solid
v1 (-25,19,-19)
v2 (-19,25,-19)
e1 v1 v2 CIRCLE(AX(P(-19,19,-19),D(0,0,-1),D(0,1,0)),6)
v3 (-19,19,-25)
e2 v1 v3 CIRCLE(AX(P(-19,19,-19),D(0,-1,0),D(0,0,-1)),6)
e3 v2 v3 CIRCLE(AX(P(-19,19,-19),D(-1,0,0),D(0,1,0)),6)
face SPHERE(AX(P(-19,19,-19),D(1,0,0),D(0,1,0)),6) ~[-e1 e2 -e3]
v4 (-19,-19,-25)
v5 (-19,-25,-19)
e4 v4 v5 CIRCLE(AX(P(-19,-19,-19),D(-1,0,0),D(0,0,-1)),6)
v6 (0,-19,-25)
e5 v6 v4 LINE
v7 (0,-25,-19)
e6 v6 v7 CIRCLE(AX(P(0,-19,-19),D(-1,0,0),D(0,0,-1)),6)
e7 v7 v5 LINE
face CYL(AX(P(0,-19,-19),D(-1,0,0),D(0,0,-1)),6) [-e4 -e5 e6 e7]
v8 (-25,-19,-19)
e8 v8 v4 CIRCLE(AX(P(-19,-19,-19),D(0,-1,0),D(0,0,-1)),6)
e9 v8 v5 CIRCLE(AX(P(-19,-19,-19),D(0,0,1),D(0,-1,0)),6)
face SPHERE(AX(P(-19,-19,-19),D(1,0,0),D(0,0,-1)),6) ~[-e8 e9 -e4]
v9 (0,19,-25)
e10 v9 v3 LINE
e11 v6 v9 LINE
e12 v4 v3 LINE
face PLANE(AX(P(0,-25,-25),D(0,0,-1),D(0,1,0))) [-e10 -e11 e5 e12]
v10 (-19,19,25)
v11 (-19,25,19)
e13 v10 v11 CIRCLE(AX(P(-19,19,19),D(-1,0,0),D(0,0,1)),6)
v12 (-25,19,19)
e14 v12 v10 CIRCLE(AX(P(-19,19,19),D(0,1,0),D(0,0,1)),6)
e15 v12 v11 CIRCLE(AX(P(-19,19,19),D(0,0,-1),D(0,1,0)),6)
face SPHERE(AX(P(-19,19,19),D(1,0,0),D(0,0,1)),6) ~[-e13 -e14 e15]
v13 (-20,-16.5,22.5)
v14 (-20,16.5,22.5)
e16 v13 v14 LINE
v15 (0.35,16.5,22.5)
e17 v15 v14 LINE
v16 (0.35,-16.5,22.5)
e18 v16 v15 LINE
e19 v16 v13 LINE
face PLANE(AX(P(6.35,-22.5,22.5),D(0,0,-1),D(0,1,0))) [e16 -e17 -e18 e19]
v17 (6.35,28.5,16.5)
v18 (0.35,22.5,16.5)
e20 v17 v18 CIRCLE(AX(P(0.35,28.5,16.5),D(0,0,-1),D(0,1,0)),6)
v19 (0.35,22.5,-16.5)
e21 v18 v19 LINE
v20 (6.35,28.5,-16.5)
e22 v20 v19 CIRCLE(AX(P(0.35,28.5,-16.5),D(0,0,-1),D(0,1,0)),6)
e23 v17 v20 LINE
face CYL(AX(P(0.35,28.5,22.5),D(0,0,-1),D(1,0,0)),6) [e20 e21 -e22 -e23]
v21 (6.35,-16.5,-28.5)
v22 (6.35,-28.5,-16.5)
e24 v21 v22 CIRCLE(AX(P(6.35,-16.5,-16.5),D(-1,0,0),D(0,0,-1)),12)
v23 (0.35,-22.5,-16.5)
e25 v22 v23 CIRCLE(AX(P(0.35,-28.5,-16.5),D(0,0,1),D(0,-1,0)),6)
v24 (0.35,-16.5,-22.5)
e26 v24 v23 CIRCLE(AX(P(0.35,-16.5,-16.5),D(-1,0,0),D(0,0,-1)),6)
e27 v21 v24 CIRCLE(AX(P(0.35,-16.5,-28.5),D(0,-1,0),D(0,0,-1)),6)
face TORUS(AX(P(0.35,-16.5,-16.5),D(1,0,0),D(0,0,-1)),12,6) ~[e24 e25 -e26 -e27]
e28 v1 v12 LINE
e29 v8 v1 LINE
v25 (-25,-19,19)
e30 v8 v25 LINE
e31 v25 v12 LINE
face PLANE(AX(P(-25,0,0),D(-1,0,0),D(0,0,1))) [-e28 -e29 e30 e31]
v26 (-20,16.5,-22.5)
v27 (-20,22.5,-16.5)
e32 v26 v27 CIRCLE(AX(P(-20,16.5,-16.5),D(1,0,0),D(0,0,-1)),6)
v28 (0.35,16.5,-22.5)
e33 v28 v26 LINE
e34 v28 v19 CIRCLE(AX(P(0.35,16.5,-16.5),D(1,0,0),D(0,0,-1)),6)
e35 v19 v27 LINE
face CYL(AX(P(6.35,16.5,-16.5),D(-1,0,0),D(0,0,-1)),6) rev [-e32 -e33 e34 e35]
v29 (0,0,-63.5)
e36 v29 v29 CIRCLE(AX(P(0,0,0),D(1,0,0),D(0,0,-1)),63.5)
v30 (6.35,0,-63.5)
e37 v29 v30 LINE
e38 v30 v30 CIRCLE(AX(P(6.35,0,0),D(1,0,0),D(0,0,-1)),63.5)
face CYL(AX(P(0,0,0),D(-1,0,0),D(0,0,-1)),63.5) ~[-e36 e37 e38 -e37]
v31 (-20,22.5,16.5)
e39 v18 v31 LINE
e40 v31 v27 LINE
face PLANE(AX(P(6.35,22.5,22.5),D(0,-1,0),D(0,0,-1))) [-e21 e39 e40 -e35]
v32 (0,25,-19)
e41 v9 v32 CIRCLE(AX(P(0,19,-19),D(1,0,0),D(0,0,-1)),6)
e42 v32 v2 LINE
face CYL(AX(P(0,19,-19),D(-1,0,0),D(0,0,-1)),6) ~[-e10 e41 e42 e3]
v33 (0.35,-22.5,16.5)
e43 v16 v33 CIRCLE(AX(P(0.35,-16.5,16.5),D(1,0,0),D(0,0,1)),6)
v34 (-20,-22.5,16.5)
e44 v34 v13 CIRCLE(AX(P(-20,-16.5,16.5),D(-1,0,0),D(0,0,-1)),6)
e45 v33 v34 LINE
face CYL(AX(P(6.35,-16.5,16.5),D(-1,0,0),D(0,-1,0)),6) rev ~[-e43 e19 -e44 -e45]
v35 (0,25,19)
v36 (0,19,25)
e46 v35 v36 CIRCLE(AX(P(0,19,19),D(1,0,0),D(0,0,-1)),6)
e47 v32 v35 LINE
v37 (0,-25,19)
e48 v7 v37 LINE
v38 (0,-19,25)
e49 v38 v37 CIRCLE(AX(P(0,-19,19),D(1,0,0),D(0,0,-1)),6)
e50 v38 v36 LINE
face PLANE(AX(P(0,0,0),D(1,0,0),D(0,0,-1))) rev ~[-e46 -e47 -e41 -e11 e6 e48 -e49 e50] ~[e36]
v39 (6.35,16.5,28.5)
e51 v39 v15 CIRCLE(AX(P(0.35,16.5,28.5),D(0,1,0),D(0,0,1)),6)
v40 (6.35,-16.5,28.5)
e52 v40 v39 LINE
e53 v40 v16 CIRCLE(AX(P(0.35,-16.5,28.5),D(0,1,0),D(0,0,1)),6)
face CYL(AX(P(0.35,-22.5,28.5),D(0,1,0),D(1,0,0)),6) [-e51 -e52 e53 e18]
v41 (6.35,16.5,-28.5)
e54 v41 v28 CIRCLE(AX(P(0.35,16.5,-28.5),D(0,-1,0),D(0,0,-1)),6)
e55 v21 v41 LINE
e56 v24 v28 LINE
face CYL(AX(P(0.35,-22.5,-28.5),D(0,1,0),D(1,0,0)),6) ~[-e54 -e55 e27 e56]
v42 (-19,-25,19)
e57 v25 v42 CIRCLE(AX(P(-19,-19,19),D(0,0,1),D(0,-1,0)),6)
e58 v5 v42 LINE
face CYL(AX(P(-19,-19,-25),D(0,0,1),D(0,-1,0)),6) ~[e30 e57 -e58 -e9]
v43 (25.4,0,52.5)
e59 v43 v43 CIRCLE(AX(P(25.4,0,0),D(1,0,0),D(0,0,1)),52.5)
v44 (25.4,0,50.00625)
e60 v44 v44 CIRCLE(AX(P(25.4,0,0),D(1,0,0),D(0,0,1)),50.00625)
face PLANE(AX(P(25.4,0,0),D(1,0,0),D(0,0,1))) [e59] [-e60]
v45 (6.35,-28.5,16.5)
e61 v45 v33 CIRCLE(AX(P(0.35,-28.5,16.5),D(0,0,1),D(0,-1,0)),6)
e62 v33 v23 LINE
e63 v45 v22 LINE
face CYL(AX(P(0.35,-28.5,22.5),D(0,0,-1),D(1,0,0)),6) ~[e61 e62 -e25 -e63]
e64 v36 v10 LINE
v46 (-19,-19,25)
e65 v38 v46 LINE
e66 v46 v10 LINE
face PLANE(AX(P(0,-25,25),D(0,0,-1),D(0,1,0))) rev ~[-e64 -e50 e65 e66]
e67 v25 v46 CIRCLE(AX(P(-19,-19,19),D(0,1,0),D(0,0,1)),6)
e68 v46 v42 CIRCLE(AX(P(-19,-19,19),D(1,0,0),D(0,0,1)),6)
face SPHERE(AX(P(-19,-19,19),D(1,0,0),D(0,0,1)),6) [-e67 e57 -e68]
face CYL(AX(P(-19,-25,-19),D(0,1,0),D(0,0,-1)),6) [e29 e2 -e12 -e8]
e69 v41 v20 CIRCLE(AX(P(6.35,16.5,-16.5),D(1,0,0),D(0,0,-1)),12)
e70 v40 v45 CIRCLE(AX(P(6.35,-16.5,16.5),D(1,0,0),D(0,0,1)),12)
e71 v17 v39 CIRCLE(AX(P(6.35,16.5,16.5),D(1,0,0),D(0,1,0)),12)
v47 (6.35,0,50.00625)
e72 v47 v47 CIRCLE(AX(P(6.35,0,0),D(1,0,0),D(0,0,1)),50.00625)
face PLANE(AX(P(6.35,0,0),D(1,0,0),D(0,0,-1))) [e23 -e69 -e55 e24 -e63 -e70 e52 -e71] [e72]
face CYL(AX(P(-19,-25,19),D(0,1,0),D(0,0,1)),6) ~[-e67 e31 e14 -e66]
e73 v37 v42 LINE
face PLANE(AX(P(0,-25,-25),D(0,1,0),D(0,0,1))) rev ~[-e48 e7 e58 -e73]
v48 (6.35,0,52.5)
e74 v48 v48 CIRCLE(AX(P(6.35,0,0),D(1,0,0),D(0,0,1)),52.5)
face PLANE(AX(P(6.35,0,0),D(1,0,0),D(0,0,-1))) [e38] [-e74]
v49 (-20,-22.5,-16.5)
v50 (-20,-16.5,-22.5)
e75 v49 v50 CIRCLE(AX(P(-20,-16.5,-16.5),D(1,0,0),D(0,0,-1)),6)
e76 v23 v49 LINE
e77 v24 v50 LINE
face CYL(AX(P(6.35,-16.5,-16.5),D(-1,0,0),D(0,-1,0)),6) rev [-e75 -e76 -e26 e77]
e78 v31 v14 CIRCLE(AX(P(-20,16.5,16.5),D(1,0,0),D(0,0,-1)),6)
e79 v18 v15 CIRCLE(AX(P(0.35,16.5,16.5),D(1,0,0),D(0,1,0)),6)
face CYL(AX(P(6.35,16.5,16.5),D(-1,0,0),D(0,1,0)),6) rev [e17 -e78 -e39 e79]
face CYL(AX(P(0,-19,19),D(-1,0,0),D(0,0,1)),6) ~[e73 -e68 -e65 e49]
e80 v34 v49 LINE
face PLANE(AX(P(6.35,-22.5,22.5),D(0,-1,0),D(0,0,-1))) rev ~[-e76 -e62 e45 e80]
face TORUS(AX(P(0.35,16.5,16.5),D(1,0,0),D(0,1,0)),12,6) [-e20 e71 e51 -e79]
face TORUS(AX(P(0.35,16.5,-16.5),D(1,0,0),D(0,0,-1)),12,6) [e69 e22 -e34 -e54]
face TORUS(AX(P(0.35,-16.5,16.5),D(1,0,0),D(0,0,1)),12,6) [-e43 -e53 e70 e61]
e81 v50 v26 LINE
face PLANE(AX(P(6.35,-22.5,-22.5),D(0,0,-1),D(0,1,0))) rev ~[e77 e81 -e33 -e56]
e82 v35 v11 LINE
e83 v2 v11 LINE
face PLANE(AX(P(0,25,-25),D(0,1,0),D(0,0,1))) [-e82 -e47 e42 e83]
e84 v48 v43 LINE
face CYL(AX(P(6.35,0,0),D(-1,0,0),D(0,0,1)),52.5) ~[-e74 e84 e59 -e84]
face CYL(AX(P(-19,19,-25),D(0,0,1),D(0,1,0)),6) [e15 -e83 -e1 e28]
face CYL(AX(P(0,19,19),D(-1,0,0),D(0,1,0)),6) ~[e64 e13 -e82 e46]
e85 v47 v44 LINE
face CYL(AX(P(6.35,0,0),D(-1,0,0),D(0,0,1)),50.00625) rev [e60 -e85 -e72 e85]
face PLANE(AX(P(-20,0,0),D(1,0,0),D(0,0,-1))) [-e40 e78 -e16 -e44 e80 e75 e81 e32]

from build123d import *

# Parameters (mm, degrees)
SKETCH1_R           = 63.5
BOSS_EXTRUDE1_DEPTH = 6.35
SKETCH2_R           = 52.5
SKETCH2_R_2         = 50.00625
BOSS_EXTRUDE2_DEPTH = 19.05
SKETCH3_W           = 50
SKETCH3_H           = 50
BOSS_EXTRUDE3_DEPTH = 25
SKETCH4_W           = 45
SKETCH4_H           = 45
CUT_EXTRUDE1_DEPTH  = 26.35
FILLET1_R           = 6


with BuildPart() as part:
    # Sketch1 → Boss-Extrude1 (new body)
    with BuildSketch(Plane(origin=(0, 0, 0), x_dir=(0, 0, -1), z_dir=(1, 0, 0))):
        Circle(SKETCH1_R)
    extrude(amount=BOSS_EXTRUDE1_DEPTH)

    # Sketch2 → Boss-Extrude2 (add)
    with BuildSketch(Plane(origin=(6.35, 0, 0), x_dir=(0, 0, -1), z_dir=(1, 0, 0))):
        with Locations(Location((0, 0, 0), (0, 0, 180))):
            Circle(SKETCH2_R)
        with Locations(Location((0, 0, 0), (0, 0, 180))):
            Circle(SKETCH2_R_2, mode=Mode.SUBTRACT)
    extrude(amount=BOSS_EXTRUDE2_DEPTH)

    # Sketch3 → Boss-Extrude3 (add)
    with BuildSketch(Plane.ZY):
        Rectangle(SKETCH3_W, SKETCH3_H)
    extrude(amount=BOSS_EXTRUDE3_DEPTH)

    # Sketch4 → Cut-Extrude1 (cut)
    with BuildSketch(Plane(origin=(6.35, 0, 0), x_dir=(0, 0, -1), z_dir=(1, 0, 0))):
        Rectangle(SKETCH4_W, SKETCH4_H)
    extrude(amount=-CUT_EXTRUDE1_DEPTH, mode=Mode.SUBTRACT)

    # Fillet1
    fillet1_edges = [part.edges().sort_by_distance(p)[0] for p in [
        (-12.5, -25, 25),
        (-12.5, 25, 25),
        (-12.5, 25, -25),
        (-12.5, -25, -25),
        (-25, 0, 25),
        (-25, 25, 0),
        (-25, 0, -25),
        (-25, -25, 0),
        (6.35, 0, -22.5),
        (6.35, 22.5, 0),
        (6.35, 0, 22.5),
        (6.35, -22.5, 0),
        (-6.825, 22.5, 22.5),
        (-6.825, -22.5, 22.5),
        (-6.825, -22.5, -22.5),
        (-6.825, 22.5, -22.5),
    ]]
    fillet(fillet1_edges, radius=FILLET1_R)


solid = part.part
